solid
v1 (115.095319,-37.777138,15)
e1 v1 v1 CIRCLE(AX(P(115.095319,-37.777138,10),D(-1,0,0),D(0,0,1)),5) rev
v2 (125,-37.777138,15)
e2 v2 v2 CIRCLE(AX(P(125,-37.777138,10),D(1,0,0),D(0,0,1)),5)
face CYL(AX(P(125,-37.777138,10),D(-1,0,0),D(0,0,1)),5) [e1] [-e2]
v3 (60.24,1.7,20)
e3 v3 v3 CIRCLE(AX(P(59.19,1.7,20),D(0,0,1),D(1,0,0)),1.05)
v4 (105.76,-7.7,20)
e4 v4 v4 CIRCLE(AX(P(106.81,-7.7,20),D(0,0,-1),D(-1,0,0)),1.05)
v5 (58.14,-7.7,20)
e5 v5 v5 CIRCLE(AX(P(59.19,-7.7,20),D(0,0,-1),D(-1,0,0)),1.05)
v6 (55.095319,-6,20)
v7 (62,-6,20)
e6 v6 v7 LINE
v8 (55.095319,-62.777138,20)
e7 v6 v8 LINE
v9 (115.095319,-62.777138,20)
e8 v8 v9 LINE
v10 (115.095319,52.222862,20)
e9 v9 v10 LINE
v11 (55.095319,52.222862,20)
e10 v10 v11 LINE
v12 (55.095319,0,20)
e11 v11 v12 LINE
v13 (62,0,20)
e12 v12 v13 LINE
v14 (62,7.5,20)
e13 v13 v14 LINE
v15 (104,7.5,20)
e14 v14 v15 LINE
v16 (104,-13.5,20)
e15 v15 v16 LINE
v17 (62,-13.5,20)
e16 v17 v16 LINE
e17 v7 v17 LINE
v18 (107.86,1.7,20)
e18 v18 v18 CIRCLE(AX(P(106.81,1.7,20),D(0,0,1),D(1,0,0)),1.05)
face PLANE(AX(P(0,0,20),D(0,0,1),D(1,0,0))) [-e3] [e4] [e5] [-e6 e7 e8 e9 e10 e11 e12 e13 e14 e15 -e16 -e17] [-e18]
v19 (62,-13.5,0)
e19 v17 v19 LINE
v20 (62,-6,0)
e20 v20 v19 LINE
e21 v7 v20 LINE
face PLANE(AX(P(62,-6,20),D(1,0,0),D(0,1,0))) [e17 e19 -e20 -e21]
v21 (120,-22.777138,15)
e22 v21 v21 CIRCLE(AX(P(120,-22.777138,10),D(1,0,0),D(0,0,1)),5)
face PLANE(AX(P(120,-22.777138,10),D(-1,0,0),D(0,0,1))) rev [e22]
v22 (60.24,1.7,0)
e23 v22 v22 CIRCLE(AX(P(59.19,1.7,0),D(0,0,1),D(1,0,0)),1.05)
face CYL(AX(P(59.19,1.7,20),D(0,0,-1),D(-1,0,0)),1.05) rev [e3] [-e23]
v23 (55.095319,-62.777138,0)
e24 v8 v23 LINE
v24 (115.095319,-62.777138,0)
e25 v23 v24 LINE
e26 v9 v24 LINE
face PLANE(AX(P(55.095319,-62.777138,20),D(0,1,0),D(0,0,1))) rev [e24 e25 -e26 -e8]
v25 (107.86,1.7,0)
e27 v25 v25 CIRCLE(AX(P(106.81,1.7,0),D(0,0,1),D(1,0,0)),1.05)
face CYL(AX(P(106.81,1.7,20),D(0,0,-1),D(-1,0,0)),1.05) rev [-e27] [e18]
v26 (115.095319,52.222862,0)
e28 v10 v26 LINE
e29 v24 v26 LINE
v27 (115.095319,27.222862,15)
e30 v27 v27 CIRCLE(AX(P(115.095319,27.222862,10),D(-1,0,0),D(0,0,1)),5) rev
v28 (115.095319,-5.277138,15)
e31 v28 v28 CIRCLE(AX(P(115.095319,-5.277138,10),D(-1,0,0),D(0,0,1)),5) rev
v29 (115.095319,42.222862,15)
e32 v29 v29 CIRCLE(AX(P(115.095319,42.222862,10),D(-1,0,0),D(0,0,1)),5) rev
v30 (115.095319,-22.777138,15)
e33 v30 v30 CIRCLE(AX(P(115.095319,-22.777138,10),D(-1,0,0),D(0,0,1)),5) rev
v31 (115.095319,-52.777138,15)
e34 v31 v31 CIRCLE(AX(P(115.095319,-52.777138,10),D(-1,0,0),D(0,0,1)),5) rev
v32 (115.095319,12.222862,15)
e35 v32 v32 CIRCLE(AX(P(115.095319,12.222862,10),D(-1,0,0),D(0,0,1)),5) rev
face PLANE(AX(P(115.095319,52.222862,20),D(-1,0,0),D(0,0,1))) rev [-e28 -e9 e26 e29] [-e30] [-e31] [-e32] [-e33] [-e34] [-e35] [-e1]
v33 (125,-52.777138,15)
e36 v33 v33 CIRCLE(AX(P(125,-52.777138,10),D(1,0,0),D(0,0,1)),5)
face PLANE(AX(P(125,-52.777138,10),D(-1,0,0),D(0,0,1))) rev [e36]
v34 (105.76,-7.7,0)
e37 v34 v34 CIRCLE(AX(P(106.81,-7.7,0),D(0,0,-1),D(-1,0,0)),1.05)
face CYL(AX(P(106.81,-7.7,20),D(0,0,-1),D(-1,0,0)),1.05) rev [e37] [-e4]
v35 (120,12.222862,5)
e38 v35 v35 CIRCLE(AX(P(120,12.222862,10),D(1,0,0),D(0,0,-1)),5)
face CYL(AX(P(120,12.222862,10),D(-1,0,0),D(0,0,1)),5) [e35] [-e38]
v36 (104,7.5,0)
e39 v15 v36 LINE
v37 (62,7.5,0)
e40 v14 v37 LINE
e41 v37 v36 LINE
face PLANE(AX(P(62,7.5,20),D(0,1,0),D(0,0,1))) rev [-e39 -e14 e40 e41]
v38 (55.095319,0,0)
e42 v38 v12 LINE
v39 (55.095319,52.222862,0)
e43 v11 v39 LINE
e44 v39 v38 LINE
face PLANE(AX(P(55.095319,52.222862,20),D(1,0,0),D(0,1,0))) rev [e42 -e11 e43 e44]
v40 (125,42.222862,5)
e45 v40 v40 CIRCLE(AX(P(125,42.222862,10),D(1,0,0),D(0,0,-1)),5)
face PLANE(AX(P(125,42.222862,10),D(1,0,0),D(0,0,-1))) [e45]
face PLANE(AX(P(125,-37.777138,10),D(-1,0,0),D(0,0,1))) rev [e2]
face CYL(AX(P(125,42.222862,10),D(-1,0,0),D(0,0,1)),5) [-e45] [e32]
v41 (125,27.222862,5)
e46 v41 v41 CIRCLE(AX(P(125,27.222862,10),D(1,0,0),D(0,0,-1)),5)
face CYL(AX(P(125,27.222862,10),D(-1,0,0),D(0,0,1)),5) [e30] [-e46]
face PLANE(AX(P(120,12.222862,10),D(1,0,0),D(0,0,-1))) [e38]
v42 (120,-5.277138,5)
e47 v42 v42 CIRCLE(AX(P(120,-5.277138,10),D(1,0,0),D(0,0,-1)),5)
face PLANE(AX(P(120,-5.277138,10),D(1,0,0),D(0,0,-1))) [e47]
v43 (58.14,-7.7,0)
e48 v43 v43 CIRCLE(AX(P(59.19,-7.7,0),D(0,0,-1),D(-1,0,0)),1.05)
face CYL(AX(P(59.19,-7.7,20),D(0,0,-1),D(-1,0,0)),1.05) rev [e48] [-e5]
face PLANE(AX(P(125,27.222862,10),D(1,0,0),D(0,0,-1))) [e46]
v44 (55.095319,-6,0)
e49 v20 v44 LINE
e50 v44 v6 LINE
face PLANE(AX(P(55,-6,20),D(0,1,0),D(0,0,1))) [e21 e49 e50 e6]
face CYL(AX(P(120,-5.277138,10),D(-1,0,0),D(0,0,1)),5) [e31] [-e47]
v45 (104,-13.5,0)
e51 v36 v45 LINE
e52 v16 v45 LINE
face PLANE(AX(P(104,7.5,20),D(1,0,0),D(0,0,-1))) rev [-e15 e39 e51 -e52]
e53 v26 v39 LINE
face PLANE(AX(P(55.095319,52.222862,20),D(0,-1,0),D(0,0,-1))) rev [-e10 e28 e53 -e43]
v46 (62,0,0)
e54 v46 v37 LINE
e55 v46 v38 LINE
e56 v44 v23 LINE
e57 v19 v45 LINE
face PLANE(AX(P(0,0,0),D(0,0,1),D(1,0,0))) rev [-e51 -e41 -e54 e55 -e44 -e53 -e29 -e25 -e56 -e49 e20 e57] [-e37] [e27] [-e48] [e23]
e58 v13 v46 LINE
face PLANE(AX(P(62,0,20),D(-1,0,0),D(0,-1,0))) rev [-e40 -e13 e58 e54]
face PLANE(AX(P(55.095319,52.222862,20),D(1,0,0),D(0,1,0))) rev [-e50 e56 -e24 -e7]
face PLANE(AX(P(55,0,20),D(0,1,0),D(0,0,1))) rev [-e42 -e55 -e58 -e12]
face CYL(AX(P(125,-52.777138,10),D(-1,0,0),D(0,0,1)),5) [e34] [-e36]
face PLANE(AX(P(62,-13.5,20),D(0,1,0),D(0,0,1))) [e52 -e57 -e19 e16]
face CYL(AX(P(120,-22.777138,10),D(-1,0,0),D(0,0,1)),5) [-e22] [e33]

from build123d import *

# Parameters (mm, degrees)
SKETCH_5_W          = 60
SKETCH_5_H          = 115
EXTRUDE_2_DEPTH     = 20
SKETCH_1_R          = 1.05
CUT_EXTRUDE_4_DEPTH = 20
SKETCH_6_R          = 5
EXTRUDE_3_DEPTH     = 10
SKETCH_7_R          = 5
EXTRUDE_4_DEPTH     = 5


with BuildPart() as part:
    # 草圖5 → 填料-伸長2 (new body)
    with BuildSketch(Plane.XY):
        with Locations((85.095319229, -5.277137892)):
            Rectangle(SKETCH_5_W, SKETCH_5_H)
    extrude(amount=EXTRUDE_2_DEPTH)

    # 草圖1 → 除料-伸長4 (cut)
    with BuildSketch(Plane.XY):
        with Locations((59.19, 1.7)):
            Circle(SKETCH_1_R)
        with Locations((106.81, 1.7)):
            Circle(SKETCH_1_R)
        with Locations((106.81, -7.7)):
            Circle(SKETCH_1_R)
        with Locations((59.19, -7.7)):
            Circle(SKETCH_1_R)
        Polygon((55, -3), (55, 0), (62, 0), (62, 7.5), (104, 7.5), (104, -13.5), (62, -13.5), (62, -6), (55, -6), align=None)
    extrude(amount=CUT_EXTRUDE_4_DEPTH, mode=Mode.SUBTRACT)

    # 草圖6 → 填料-伸長3 (add)
    with BuildSketch(Plane(origin=(115, 0, 0), x_dir=(0, 0, -1), z_dir=(1, 0, 0))):
        with Locations((-10, 42.222862108)):
            Circle(SKETCH_6_R)
        with Locations((-10, 27.222862108)):
            Circle(SKETCH_6_R)
        with Locations((-10, -37.777137892)):
            Circle(SKETCH_6_R)
        with Locations((-10, -52.777137892)):
            Circle(SKETCH_6_R)
    extrude(amount=EXTRUDE_3_DEPTH)

    # 草圖7 → 填料-伸長4 (add)
    with BuildSketch(Plane(origin=(115, 0, 0), x_dir=(0, 0, -1), z_dir=(1, 0, 0))):
        with Locations((-10, 12.222862108)):
            Circle(SKETCH_7_R)
        with Locations((-10, -5.277137892)):
            Circle(SKETCH_7_R)
        with Locations((-10, -22.777137892)):
            Circle(SKETCH_7_R)
    extrude(amount=EXTRUDE_4_DEPTH)


solid = part.part
